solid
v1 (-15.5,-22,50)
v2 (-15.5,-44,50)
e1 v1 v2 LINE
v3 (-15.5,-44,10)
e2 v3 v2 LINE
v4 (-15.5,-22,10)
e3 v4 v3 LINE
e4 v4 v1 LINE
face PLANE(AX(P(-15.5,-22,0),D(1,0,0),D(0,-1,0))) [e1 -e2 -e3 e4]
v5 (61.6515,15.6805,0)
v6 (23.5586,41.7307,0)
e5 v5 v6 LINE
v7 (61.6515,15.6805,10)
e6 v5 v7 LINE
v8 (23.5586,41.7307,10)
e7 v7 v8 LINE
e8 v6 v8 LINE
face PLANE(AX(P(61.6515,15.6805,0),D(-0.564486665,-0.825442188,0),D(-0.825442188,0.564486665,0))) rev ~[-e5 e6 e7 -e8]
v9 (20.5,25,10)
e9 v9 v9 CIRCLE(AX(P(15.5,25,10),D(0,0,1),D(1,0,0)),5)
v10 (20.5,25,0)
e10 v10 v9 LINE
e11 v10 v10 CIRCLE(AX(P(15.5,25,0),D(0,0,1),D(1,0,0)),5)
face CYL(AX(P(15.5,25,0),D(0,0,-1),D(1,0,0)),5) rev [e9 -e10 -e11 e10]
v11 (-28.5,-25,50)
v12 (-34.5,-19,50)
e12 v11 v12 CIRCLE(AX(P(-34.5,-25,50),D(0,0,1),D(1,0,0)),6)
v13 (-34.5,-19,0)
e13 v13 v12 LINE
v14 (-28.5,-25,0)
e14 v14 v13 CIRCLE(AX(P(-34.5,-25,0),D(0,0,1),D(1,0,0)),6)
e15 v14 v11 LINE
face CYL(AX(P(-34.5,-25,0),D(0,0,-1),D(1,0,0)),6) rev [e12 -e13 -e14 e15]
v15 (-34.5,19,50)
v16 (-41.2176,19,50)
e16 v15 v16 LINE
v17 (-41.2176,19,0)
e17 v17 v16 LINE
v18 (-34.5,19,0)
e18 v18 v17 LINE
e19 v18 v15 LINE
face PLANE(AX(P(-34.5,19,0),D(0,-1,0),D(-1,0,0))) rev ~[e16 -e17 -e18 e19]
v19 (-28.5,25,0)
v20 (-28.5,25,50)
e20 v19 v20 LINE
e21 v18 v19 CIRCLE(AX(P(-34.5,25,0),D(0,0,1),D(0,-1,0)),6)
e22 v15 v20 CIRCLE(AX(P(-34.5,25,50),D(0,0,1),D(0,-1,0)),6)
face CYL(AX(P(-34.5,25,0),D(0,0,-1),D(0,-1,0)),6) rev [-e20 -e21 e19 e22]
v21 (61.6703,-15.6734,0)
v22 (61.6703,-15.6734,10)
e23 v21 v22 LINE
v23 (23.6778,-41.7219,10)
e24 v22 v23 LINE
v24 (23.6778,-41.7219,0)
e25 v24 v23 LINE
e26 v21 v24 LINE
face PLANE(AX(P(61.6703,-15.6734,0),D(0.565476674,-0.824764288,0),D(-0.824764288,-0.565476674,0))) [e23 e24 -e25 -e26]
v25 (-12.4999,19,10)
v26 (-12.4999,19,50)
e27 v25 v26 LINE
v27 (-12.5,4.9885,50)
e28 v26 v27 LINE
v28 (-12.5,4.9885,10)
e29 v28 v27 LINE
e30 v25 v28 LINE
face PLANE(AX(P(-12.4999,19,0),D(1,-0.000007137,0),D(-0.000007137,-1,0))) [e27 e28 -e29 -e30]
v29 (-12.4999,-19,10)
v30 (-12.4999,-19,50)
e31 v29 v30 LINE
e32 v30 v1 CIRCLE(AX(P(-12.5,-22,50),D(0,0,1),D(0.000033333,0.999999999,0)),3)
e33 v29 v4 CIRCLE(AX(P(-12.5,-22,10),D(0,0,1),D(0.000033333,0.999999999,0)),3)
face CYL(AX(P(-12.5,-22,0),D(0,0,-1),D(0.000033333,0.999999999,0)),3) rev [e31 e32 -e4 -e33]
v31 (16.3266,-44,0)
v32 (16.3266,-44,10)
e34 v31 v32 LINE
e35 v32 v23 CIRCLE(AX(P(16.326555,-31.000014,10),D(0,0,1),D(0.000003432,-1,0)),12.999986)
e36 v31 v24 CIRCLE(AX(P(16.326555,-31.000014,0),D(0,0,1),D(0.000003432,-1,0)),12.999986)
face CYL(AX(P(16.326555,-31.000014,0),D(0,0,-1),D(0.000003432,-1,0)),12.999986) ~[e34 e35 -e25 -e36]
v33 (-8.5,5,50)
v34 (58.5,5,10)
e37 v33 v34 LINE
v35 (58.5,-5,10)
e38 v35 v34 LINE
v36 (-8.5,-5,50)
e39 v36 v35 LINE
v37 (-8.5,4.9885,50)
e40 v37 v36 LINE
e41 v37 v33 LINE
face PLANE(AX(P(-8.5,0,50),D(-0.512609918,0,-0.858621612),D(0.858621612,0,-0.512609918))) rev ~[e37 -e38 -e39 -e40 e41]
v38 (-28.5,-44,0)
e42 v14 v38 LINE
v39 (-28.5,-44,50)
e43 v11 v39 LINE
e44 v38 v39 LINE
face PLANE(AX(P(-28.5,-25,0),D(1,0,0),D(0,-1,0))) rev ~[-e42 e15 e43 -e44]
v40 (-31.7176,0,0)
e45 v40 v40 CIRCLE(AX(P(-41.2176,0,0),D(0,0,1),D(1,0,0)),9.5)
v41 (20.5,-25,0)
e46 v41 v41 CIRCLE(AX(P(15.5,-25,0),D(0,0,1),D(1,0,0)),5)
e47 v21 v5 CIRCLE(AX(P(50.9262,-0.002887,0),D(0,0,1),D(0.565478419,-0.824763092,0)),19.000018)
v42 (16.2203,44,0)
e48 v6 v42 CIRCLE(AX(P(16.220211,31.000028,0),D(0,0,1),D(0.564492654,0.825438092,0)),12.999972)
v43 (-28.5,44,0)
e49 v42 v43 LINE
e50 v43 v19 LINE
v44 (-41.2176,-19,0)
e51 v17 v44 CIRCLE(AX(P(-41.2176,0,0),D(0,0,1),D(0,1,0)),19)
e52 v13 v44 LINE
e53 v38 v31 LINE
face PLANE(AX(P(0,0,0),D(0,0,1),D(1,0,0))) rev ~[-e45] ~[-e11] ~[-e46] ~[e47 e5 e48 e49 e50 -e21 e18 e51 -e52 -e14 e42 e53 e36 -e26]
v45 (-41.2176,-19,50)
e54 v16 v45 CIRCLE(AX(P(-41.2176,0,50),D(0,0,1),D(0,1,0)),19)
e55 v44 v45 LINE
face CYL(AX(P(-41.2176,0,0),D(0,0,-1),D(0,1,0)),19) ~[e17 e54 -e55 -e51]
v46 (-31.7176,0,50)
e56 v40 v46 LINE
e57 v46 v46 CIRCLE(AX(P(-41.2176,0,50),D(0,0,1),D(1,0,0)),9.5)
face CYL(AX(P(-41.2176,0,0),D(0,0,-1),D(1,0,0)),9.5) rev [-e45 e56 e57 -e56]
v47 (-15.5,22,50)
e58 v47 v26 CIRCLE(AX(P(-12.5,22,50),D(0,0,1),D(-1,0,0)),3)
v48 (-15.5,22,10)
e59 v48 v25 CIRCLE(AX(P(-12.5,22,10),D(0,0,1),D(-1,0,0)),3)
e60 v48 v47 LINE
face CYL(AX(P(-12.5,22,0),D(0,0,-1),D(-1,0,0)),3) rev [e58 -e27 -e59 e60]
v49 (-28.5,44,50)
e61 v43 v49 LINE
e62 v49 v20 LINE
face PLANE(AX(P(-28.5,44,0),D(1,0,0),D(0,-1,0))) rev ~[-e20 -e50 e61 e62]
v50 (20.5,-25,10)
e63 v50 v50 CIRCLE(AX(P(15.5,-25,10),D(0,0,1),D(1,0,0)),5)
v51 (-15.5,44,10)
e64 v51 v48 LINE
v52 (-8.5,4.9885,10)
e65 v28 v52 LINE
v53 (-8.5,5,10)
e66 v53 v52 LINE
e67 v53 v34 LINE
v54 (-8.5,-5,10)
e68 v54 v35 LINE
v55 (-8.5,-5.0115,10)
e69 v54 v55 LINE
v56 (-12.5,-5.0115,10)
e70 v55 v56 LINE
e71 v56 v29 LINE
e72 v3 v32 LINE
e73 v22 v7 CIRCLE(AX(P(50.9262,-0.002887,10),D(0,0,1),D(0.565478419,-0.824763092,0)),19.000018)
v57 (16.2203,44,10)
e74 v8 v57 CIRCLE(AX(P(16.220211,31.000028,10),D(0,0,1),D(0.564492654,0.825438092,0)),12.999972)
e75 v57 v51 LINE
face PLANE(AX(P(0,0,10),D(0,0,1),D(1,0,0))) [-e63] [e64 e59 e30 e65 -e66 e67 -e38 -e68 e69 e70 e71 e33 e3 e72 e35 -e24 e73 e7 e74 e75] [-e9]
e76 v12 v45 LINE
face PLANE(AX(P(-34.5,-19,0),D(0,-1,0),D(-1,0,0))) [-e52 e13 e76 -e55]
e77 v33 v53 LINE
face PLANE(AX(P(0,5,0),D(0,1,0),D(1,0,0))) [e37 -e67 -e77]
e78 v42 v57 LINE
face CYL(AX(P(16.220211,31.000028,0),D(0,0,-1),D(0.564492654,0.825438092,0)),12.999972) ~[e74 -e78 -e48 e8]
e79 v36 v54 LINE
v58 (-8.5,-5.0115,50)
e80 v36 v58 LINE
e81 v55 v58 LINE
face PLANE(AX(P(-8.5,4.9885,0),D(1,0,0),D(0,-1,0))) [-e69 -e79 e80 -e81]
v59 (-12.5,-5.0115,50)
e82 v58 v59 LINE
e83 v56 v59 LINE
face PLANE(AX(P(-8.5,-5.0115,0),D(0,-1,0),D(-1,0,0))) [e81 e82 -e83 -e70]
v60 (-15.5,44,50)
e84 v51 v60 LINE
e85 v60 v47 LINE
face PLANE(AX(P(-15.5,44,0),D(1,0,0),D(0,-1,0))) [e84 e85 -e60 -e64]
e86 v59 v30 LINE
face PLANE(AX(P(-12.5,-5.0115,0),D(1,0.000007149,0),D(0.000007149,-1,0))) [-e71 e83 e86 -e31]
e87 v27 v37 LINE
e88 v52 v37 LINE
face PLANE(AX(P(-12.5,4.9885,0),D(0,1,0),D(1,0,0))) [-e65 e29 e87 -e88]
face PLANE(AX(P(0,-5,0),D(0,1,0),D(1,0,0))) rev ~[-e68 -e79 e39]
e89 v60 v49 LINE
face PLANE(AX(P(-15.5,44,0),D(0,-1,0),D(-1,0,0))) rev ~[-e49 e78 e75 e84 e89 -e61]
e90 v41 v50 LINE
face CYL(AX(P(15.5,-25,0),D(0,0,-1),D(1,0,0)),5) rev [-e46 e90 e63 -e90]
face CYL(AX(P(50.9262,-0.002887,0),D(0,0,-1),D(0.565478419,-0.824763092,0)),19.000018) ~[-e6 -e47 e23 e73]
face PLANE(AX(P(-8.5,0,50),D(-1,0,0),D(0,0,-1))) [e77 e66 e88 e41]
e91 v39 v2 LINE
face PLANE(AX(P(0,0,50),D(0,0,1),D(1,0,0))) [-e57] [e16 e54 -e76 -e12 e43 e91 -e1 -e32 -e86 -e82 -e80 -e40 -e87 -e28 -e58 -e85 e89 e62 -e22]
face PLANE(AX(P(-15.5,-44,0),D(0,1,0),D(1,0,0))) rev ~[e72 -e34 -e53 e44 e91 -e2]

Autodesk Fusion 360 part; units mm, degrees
sketch "Baza" plane through (0, 0, 0) normal (0, 0, 1) x (1, 0, 0)
  line L0 (16.2203, 44) -> (-15.5, 44)
  line L1 (-15.5, -22) -> (-15.5, -44)
  line L2 (-15.5, -44) -> (16.3266, -44)
  circle A0 centre (15.5, 25) radius 5
  circle A1 centre (15.5, -25) radius 5
  line L3 (15.5, 44) -> (51.5, 44) construction
  line L4 (15.5, -44) -> (51.5, -44) construction
  line L5 (51.5, 44) -> (51.5, -44) construction
  line L6 (-40, 0) -> (51.5, 0) construction
  line L7 (15.5, 25) -> (15.5, 20) construction
  line L8 (15.5, -20) -> (15.5, -25) construction
  line L9 (-15.5, 44) -> (-28.5, 44)
  line L10 (-28.5, 44) -> (-28.5, 25)
  line L11 (-28.5, -44) -> (-15.5, -44)
  line L12 (-12.5, -19) -> (-12.4999, -19) construction
  line L13 (-41.2176, -9.5) -> (-41.2176, 9.5) construction
  line L14 (-12.5, 19) -> (-12.4999, 19) construction
  circle A2 centre (-41.2176, 0) radius 9.5
  line L15 (-28.5, -25) -> (-28.5, -44)
  line L16 (-34.5, 19) -> (-41.2176, 19)
  arc A3 (-34.5, 19) -> (-28.5, 25) centre (-34.5, 25) ccw
  line L17 (-34.5, -19) -> (-41.2176, -19)
  arc A4 (-28.5, -25) -> (-34.5, -19) centre (-34.5, -25) ccw
  arc A5 (-41.2176, 19) -> (-41.2176, -19) centre (-41.2176, 0) ccw
  line L18 (-15.5, 44) -> (-15.5, 22)
  arc A6 (-15.5, 22) -> (-12.4999, 19) centre (-12.5, 22) ccw
  arc A7 (-12.4999, -19) -> (-15.5, -22) centre (-12.5, -22) ccw
  line L19 (-12.5, 4.9885) -> (-8.5, 4.9885)
  line L20 (-8.5, 4.9885) -> (-8.5, -5.0115)
  line L21 (-8.5, -5.0115) -> (-12.5, -5.0115)
  line L22 (-12.5, 19) -> (-12.5, 4.9885)
  line L23 (-12.5, -5.0115) -> (-12.5, -19)
  line L24 (64.6465, -13.1465) -> (64.935, -13.435) construction
  line L25 (51.5, 0) -> (70.5, 0) construction
  line L26 (64.6437, 13.1437) -> (64.935, 13.435) construction
  line L27 (61.6515, 15.6805) -> (23.5586, 41.7307)
  line L28 (61.6703, -15.6734) -> (23.6778, -41.7219)
  arc A8 (16.3266, -44) -> (23.6778, -41.7219) centre (16.3266, -31) ccw
  arc A9 (23.5586, 41.7307) -> (16.2203, 44) centre (16.2203, 31) ccw
  arc A10 (61.6703, -15.6734) -> (61.6515, 15.6805) centre (50.9262, -0.0029) ccw
  dimension "d1" = 88
  dimension "d2" = 31
  dimension "d3" = 50
  dimension "d5" = 10
  dimension "d6" = 10
  dimension "d7" = 36
  dimension "d12" = 13
  dimension "d13" = 38
  dimension "d15" = 3
  dimension "d16" = 19
  dimension "d18" = 6
  dimension "d20" = 6
  dimension "d21" = 3
  dimension "d22" = 3
  dimension "d23" = 10
  dimension "d24" = 20
  dimension "d27" = 13
  dimension "d28" = 13
  dimension "d29" = 19
extrude "Extrude1" add sketch "Baza" along normal blind 50 contours L1 L9 L10 L11 L15 L16 A3 L17 A4 A5 L18 A6 A7 L19 L20 L21 L22 L23
extrude "Extrude2" add sketch "Baza" along normal blind 10 contours L0 L1 L2 L18 A6 A7 L19 L20 L21 L22 L23 L27 L28 A8 A9 A10
sketch "Triunghi" plane through (0, 0, 0) normal (0, 1, 0) x (1, 0, 0)
  line L0 (-8.5, -50) -> (-8.5, -10)
  line L1 (-8.5, -10) -> (58.5, -10)
  line L2 (-15.5, 0) -> (16.3266, 0)
  line L3 (-15.5, -10) -> (-15.5, -50)
  line L4 (-8.5, -50) -> (58.5, -10)
  dimension "d34" = 10
  dimension "d41" = 40
  dimension "d42" = 67
extrude "Extrude3" add sketch "Triunghi" along normal mid plane 10
